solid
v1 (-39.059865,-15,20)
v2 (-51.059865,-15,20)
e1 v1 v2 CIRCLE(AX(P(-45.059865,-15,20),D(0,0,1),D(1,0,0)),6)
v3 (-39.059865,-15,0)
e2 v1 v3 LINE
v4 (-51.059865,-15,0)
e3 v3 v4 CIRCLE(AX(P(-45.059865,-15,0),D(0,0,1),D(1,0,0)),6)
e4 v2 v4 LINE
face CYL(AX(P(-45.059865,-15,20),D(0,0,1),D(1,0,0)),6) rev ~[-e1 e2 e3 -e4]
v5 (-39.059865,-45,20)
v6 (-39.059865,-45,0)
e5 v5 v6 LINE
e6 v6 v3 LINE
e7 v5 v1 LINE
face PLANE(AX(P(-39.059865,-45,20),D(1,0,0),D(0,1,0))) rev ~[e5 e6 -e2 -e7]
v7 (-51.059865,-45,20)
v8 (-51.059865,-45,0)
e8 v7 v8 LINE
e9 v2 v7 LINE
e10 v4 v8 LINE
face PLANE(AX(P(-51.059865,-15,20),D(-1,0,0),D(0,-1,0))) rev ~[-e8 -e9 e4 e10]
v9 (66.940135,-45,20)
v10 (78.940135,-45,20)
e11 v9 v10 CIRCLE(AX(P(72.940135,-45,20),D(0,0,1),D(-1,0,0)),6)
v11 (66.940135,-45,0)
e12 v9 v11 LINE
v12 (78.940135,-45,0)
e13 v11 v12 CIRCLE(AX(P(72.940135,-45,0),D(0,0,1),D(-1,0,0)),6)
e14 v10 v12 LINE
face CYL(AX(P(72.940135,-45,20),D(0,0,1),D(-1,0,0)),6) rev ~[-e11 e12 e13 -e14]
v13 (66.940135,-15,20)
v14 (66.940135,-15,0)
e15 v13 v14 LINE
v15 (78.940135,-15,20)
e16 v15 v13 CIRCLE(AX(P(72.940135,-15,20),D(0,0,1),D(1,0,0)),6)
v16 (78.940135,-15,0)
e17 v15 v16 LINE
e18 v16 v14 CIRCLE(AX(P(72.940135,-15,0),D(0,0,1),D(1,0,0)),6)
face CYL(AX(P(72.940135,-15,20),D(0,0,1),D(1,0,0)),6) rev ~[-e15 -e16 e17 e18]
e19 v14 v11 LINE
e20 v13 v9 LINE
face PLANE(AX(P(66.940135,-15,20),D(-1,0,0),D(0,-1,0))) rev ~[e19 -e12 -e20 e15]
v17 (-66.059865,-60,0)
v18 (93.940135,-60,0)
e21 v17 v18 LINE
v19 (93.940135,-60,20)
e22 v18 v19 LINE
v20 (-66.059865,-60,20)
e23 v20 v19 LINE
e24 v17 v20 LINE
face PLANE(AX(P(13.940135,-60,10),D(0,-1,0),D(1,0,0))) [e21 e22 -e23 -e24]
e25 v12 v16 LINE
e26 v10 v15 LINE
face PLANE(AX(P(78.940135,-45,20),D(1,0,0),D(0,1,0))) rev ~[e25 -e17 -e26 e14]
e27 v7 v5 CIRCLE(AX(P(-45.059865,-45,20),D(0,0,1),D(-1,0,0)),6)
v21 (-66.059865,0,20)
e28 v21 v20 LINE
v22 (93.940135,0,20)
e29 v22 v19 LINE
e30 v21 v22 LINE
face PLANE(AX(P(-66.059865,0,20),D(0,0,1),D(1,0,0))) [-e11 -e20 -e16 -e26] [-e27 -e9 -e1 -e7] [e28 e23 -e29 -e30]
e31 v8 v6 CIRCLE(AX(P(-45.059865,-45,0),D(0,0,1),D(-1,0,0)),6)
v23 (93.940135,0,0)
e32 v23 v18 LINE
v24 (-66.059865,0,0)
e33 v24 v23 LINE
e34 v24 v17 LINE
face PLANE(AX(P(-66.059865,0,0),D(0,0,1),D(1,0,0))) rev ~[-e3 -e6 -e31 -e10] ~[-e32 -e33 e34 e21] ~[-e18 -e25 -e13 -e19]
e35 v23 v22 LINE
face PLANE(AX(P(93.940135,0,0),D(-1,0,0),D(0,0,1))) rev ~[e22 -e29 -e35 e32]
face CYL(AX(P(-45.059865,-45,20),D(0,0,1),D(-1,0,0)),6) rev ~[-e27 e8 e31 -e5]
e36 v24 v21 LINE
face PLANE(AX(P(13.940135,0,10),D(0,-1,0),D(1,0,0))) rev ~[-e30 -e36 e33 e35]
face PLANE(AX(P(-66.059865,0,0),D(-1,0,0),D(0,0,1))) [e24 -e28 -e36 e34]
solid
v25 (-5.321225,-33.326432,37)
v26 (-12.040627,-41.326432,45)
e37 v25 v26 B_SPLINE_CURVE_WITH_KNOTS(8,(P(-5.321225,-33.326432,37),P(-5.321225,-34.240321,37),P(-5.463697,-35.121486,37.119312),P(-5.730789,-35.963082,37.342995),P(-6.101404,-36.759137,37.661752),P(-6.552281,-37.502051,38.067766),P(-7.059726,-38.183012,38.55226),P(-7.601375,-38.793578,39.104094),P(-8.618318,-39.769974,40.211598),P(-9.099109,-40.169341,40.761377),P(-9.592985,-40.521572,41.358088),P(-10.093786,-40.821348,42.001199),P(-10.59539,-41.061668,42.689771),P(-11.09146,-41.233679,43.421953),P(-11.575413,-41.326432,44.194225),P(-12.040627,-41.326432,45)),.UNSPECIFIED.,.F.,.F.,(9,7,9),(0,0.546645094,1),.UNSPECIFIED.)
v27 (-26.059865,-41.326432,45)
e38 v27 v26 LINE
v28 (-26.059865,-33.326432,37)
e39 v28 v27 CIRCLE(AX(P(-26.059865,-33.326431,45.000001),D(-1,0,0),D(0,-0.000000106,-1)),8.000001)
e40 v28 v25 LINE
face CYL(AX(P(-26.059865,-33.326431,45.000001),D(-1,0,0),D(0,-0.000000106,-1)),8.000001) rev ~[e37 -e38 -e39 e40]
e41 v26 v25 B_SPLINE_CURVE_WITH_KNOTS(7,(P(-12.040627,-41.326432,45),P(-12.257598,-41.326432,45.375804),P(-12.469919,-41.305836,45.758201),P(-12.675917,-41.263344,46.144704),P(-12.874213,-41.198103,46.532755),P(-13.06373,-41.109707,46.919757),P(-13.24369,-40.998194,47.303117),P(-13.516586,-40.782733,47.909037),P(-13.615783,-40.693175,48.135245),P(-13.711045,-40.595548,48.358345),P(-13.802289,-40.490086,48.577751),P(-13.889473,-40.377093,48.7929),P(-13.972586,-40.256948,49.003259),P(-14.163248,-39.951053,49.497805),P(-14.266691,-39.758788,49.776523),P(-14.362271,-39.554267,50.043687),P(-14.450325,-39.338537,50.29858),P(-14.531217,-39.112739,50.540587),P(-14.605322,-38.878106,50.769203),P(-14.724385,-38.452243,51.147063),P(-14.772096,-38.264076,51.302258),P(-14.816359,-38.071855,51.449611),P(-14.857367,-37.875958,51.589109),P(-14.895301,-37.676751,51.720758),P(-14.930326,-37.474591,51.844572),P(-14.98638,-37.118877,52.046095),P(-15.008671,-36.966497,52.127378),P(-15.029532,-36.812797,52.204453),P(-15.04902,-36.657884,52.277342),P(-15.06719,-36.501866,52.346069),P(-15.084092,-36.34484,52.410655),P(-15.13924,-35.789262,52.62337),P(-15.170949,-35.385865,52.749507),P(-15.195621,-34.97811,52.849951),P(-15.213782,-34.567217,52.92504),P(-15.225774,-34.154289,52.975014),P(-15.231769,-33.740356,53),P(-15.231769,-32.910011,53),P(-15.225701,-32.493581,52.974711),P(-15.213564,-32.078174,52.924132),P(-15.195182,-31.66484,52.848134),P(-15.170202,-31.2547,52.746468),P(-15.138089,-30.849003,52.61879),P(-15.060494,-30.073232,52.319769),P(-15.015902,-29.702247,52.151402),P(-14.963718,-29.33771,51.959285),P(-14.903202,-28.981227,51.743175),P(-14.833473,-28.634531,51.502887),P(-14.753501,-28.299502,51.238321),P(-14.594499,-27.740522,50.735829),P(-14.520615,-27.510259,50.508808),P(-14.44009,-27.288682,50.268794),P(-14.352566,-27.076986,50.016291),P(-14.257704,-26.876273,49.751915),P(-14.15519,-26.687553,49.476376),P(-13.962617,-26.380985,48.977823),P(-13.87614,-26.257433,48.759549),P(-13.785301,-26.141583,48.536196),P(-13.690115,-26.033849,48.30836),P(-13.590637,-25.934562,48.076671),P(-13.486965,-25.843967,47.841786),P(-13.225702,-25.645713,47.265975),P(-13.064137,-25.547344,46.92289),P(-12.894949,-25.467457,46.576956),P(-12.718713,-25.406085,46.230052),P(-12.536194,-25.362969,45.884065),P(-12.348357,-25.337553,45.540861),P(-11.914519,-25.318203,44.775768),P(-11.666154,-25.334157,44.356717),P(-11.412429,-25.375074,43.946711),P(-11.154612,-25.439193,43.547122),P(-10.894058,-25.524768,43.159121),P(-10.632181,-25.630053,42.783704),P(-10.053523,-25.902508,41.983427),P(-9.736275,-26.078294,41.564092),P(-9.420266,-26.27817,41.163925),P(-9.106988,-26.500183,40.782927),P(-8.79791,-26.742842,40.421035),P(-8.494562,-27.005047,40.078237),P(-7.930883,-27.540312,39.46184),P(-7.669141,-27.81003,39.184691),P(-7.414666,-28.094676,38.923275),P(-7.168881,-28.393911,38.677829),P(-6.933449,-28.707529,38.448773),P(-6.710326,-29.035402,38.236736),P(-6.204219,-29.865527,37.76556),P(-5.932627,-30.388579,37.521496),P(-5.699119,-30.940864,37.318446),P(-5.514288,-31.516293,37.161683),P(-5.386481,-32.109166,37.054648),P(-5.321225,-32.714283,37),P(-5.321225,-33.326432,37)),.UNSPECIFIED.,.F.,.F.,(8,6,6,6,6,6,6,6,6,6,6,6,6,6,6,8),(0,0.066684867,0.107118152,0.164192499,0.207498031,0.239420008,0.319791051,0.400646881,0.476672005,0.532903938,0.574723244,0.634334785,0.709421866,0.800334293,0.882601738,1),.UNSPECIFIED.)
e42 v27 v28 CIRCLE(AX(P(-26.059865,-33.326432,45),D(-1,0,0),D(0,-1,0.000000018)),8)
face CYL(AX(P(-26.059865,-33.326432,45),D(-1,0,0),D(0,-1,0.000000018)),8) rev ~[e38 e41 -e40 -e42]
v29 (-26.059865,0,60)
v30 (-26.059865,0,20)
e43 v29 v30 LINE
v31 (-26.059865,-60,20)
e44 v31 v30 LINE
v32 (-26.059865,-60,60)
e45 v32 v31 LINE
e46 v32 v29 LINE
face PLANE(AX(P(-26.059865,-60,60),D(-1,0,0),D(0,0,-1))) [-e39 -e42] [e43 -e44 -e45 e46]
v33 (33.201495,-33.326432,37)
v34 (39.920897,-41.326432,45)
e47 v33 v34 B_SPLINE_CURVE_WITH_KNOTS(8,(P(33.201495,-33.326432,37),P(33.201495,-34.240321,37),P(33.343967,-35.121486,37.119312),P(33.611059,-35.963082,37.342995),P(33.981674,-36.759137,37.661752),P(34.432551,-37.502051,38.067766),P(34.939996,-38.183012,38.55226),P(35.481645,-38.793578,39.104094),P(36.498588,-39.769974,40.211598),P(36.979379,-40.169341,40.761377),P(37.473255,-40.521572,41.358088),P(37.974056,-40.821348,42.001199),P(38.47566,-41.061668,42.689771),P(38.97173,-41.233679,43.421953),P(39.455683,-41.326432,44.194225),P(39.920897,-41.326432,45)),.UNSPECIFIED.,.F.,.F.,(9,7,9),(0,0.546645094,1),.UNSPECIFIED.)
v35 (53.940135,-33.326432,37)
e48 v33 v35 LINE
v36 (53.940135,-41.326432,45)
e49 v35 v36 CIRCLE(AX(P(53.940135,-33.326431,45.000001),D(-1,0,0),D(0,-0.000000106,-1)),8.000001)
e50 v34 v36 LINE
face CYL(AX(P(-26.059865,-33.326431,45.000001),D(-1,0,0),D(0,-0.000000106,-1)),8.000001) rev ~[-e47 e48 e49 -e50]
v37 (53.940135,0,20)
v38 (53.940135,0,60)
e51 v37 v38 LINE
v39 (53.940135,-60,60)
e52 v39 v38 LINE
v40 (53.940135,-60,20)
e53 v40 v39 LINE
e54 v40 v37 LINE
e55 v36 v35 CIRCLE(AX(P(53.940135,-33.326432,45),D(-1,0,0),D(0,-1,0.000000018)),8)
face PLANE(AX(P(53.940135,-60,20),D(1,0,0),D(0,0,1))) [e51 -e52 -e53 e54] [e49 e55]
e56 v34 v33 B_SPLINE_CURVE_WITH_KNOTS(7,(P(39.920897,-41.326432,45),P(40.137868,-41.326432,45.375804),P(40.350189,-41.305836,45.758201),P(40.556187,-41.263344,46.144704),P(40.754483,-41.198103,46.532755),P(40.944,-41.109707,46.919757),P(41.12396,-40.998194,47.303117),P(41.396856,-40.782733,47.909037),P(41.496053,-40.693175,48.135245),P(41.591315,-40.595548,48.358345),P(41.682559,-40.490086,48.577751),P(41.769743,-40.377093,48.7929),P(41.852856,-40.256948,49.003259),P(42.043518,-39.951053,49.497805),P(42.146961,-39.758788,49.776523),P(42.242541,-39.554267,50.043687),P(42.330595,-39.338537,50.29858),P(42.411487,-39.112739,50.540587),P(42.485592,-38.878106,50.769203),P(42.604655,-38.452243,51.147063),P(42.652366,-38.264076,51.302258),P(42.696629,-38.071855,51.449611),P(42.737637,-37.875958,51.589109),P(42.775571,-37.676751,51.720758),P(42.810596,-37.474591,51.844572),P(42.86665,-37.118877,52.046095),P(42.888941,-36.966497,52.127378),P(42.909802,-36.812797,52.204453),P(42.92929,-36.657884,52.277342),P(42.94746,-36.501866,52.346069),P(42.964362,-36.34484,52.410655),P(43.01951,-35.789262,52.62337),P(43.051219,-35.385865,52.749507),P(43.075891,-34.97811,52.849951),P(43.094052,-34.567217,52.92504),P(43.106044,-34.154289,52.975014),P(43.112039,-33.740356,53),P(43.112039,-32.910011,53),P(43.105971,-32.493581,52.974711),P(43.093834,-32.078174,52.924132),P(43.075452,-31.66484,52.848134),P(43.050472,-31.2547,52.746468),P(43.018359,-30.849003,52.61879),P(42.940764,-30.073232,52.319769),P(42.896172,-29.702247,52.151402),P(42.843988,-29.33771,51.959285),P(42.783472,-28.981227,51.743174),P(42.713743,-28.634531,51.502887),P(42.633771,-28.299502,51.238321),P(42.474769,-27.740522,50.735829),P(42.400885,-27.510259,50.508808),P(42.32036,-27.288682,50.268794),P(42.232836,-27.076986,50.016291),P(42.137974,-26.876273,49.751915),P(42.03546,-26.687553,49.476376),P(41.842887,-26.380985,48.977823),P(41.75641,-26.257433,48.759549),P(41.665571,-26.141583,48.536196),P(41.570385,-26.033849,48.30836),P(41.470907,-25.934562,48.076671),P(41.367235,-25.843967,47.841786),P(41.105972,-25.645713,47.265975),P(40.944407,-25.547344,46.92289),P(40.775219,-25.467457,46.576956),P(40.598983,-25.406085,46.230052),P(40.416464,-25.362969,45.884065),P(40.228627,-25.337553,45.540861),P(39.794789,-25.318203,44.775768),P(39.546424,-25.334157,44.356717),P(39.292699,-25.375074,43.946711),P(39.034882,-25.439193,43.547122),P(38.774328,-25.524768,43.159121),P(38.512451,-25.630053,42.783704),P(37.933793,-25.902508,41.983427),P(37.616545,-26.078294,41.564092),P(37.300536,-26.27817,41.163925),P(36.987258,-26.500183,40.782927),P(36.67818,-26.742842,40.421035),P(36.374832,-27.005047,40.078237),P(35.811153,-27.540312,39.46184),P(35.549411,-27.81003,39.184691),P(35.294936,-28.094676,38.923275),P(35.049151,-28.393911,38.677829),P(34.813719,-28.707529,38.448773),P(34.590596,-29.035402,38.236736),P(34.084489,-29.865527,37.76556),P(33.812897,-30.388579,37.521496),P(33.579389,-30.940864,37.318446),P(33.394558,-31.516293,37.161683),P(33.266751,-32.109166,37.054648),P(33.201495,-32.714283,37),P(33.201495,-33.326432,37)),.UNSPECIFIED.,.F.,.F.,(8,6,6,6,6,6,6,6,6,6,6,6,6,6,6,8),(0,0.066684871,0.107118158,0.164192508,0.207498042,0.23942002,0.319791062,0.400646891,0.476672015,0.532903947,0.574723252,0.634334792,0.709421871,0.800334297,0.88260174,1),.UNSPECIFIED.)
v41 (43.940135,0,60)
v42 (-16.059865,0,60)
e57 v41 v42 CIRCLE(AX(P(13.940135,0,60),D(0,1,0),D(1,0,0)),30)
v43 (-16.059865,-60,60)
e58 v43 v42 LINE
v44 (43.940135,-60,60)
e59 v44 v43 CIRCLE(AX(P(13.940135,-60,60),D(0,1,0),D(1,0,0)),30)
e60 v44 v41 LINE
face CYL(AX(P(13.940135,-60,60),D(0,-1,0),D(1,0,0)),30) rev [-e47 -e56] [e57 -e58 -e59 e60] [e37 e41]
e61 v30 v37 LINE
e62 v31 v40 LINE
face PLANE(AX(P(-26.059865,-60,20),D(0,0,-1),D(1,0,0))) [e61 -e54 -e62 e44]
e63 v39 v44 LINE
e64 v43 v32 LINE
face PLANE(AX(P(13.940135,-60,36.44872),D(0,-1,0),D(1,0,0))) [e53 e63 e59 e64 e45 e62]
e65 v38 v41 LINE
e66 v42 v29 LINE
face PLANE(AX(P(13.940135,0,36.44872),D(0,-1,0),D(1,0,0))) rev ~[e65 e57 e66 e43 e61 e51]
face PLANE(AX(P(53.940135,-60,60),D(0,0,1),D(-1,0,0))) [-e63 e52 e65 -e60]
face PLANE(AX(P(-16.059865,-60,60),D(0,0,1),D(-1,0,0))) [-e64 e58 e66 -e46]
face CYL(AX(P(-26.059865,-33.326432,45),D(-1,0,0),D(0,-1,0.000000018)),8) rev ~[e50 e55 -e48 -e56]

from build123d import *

# Parameters (mm, degrees)
F0_W     = 160
F0_H     = 20
F1_DEPTH = 60
F3_DEPTH = 60
F5_DEPTH = 80
F7_DEPTH = 20


with BuildPart() as f1:
    # F0 (on Front) → F1 (new body)
    with BuildSketch(Plane.XZ):
        with Locations((13.940135, 10)):
            Rectangle(F0_W, F0_H)
    extrude(amount=F1_DEPTH)

    # F6 (on face) → F7 (cut)
    with BuildSketch(Plane.XY.offset(20)):
        with BuildLine():
            Line((78.940135, -45), (78.940135, -30))
            Line((78.940135, -30), (78.940135, -15))
            ThreePointArc((78.940135, -15), (72.940135, -9), (66.940135, -15))
            Line((66.940135, -15), (66.940135, -45))
            ThreePointArc((66.940135, -45), (72.940135, -51), (78.940135, -45))
        make_face()
        with BuildLine():
            Line((-51.059865, -15), (-51.059865, -30))
            Line((-51.059865, -30), (-51.059865, -45))
            ThreePointArc((-51.059865, -45), (-45.059865, -51), (-39.059865, -45))
            Line((-39.059865, -45), (-39.059865, -15))
            ThreePointArc((-39.059865, -15), (-45.059865, -9), (-51.059865, -15))
        make_face()
    extrude(amount=-F7_DEPTH, mode=Mode.SUBTRACT)


with BuildPart() as f3:
    # F2 (on face) → F3 (new body)
    with BuildSketch(Plane.XZ.offset(60)):
        with BuildLine():
            Line((-26.059865, 60), (-26.059865, 20))
            Line((-26.059865, 20), (53.940135, 20))
            Line((53.940135, 20), (53.940135, 60))
            Line((53.940135, 60), (43.940135, 60))
            ThreePointArc((43.940135, 60), (13.940135, 30), (-16.059865, 60))
            Line((-16.059865, 60), (-26.059865, 60))
        make_face()
    extrude(amount=-F3_DEPTH)

    # F4 (on face) → F5 (cut)
    with BuildSketch(Plane(origin=(-26.059865, 0, 0), x_dir=(0, -1, 0), z_dir=(-1, 0, 0))):
        with BuildLine():
            ThreePointArc((33.326432, 37), (38.983286, 39.343146), (41.326432, 45))
            ThreePointArc((41.326432, 45), (27.669578, 50.656854), (33.326432, 37))
        make_face()
    extrude(amount=-F5_DEPTH, mode=Mode.SUBTRACT)


solid = Compound([f1.part, f3.part])
